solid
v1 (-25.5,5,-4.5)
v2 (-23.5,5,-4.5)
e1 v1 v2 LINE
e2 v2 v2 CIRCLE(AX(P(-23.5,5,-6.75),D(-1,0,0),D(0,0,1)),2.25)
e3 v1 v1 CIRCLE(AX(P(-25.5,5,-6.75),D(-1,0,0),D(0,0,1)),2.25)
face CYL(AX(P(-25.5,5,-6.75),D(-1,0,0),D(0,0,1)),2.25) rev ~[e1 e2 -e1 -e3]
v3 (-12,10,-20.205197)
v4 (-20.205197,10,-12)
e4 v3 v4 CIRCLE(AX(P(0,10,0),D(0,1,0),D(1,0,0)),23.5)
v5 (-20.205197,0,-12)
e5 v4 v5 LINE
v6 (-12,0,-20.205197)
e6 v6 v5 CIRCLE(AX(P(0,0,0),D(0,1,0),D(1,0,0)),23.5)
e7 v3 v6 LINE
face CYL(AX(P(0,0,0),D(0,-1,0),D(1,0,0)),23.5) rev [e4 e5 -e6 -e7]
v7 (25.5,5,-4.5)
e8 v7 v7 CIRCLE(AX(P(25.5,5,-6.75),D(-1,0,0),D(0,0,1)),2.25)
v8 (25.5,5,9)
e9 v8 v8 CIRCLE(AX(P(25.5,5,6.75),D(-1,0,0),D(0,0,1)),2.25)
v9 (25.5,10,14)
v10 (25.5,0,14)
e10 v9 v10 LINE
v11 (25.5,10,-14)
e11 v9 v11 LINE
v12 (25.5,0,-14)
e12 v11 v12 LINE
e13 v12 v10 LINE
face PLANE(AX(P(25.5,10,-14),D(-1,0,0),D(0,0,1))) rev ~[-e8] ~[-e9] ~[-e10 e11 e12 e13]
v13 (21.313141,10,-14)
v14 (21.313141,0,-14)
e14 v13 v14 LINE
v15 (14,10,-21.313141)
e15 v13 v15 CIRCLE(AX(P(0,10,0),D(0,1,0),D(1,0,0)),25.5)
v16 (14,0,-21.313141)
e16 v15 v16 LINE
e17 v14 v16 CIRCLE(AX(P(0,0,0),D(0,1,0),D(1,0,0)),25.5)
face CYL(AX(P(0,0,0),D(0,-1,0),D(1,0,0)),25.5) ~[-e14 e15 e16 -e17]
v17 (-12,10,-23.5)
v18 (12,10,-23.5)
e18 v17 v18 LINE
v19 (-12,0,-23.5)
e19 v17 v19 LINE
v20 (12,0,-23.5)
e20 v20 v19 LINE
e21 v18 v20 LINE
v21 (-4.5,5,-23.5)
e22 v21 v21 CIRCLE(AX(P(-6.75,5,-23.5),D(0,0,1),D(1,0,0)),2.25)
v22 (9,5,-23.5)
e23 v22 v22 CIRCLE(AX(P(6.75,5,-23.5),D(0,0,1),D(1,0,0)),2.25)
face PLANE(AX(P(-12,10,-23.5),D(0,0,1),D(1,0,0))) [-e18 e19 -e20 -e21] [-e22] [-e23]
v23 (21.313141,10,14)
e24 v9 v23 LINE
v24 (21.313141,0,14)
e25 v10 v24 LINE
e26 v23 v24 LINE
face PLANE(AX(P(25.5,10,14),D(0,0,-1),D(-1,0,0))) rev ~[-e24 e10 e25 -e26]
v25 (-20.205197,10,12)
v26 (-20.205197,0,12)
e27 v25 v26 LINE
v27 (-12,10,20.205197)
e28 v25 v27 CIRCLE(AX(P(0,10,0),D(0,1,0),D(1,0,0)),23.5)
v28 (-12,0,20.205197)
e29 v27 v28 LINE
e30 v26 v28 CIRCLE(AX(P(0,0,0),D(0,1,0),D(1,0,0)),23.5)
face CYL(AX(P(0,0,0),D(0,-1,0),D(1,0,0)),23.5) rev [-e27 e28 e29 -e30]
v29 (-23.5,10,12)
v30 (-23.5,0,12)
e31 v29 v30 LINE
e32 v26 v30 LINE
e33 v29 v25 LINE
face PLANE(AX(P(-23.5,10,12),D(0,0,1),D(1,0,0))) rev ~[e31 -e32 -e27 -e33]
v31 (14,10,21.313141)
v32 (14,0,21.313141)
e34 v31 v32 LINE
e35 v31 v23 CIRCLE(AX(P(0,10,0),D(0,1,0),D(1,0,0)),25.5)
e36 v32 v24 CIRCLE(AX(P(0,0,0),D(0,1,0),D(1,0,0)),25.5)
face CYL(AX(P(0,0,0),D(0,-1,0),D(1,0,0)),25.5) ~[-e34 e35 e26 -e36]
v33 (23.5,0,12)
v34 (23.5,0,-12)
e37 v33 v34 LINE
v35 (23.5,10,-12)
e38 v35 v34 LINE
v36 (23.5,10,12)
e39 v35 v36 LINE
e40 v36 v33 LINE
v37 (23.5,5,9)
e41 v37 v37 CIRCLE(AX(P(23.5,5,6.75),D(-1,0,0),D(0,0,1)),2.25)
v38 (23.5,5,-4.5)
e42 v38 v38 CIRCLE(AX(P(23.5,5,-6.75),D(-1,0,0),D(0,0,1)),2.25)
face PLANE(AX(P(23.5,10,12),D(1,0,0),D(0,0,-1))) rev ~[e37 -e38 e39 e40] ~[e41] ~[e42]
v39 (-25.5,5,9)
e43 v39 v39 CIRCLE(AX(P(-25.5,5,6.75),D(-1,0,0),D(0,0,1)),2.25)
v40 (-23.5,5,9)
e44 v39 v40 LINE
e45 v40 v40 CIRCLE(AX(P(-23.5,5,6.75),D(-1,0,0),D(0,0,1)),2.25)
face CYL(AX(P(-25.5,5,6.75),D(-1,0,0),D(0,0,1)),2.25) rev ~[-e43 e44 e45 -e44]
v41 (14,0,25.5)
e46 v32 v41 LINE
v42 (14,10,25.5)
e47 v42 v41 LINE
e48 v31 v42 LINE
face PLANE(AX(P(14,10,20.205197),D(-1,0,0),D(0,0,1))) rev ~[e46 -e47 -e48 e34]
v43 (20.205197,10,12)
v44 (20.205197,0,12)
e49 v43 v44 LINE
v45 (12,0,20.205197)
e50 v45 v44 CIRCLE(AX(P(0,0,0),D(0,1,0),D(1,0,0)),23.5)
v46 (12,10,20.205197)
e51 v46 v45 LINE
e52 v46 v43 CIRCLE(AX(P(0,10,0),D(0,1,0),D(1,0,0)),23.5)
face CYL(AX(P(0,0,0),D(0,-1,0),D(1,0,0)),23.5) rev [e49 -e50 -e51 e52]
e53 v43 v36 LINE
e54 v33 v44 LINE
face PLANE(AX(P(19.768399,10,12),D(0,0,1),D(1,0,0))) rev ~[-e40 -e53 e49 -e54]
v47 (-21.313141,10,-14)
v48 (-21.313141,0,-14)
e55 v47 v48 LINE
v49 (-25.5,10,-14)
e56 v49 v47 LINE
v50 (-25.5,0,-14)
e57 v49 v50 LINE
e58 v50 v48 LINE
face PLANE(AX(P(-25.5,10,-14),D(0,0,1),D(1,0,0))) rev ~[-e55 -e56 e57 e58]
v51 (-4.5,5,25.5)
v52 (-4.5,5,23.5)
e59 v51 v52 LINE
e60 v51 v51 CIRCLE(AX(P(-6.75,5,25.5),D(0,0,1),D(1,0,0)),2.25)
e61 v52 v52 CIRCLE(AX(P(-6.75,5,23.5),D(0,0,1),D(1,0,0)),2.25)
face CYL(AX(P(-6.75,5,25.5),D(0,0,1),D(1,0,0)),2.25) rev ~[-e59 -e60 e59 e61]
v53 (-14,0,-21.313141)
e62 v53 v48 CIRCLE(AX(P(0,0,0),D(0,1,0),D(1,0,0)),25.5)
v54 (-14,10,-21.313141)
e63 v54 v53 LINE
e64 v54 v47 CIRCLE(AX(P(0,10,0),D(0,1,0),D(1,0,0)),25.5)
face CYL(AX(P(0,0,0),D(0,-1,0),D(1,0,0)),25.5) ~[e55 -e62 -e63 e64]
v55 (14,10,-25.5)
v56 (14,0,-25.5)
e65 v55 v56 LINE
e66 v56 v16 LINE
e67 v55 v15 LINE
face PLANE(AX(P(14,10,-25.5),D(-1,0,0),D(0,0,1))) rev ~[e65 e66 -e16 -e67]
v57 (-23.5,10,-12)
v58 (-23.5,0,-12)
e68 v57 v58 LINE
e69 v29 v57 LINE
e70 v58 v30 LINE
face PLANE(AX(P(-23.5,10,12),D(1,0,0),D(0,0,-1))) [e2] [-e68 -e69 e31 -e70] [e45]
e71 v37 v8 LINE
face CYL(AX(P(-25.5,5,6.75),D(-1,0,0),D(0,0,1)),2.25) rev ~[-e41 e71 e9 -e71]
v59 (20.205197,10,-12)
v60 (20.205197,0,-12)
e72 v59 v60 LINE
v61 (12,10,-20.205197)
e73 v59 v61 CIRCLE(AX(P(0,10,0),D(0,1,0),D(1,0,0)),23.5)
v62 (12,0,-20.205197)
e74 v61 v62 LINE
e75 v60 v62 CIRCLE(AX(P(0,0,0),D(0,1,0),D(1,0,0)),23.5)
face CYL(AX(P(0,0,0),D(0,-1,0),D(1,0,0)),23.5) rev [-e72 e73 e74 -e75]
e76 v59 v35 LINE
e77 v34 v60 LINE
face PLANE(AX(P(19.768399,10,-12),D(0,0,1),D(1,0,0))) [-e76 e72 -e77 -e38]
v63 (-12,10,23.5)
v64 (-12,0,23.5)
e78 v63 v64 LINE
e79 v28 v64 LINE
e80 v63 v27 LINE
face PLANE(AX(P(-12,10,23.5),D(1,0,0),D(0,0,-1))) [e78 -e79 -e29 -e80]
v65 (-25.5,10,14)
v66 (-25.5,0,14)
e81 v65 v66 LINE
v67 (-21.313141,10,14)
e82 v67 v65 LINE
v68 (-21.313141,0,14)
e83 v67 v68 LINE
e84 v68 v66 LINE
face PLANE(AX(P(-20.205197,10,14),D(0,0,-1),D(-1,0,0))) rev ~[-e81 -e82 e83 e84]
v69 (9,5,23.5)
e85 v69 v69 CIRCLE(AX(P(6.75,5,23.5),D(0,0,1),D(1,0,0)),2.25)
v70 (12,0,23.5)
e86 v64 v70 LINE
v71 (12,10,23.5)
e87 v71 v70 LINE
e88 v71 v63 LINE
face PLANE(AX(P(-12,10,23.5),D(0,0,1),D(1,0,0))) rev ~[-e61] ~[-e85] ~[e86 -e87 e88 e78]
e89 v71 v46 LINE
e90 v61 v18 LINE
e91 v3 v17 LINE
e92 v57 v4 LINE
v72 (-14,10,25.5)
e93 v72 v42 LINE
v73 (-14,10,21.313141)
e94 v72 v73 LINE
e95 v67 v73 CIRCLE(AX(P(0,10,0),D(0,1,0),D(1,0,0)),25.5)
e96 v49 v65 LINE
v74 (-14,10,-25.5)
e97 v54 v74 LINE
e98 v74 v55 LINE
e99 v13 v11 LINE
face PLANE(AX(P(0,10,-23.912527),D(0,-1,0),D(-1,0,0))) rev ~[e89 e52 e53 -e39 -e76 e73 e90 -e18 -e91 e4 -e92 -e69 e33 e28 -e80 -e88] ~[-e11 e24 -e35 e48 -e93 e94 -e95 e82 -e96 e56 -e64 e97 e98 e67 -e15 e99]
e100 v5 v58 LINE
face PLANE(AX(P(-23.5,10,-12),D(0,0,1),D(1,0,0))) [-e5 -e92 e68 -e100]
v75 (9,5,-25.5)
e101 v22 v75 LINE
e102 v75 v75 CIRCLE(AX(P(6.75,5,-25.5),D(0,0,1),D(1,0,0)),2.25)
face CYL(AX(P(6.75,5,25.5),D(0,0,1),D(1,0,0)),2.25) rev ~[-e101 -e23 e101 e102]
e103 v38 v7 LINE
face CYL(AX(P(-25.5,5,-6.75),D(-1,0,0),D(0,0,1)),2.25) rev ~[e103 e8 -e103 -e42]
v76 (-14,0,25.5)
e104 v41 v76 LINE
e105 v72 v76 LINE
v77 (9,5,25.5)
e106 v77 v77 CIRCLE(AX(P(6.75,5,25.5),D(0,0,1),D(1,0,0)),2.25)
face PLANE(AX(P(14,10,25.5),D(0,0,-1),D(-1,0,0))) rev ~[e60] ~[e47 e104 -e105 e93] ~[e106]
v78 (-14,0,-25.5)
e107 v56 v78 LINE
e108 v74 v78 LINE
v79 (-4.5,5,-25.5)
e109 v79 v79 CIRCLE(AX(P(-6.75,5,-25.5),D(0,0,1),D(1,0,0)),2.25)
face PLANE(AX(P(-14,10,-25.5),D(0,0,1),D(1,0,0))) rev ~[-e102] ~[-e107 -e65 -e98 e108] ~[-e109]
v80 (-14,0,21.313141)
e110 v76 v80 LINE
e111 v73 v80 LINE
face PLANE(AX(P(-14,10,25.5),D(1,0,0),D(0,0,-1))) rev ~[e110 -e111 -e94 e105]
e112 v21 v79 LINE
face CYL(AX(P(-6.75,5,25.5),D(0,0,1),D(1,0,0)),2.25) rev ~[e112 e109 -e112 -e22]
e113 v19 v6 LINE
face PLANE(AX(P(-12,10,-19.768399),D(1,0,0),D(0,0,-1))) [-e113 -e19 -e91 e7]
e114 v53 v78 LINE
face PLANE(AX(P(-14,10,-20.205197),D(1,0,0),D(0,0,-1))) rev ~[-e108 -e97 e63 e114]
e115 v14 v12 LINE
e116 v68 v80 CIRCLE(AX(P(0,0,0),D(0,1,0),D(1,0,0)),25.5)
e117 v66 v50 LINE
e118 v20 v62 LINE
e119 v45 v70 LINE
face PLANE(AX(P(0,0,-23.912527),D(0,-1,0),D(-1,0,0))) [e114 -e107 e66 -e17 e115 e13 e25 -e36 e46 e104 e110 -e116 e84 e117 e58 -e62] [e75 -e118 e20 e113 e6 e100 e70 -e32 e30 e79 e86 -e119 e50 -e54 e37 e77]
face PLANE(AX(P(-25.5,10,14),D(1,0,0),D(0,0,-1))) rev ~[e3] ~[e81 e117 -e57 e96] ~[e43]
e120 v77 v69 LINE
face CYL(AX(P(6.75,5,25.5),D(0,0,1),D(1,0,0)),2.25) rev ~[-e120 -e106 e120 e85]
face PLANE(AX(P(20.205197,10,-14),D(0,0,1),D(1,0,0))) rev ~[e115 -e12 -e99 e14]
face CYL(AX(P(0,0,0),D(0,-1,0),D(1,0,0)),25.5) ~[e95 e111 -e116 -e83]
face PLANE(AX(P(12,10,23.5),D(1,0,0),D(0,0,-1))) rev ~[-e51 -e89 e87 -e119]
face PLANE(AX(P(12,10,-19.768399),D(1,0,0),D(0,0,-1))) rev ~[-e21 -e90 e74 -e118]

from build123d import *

# Parameters (mm, degrees)
SKETCH_1_R          = 25.5
SKETCH_1_R_2        = 23.5
EXTRUDE_1_DEPTH     = 10
EXTRUDE_2_DEPTH     = 10
SKETCH_3_R          = 2.25
CUT_EXTRUDE_1_DEPTH = 52
SKETCH_4_R          = 2.25
CUT_EXTRUDE_2_DEPTH = 52
SKETCH_7_W          = 24
SKETCH_7_H          = 3.731601122
SKETCH_7_W_2        = 3.731601122
SKETCH_7_H_2        = 24
CUT_EXTRUDE_4_DEPTH = 11.0000001


with BuildPart() as part:
    # 草图1 → 凸台-拉伸1 (new body)
    with BuildSketch(Plane(origin=(0, 0, 0), x_dir=(1, 0, 0), z_dir=(0, 1, 0))):
        Circle(SKETCH_1_R)
        Circle(SKETCH_1_R_2, mode=Mode.SUBTRACT)
    extrude(amount=EXTRUDE_1_DEPTH)

    # 草图2 → 凸台-拉伸2 (add)
    with BuildSketch(Plane(origin=(0, 10, 0), x_dir=(1, 0, 0), z_dir=(0, 1, 0))):
        with BuildLine():
            Line((-14, 25.5), (14, 25.5))
            Line((14, 25.5), (14, 20.205197351))
            ThreePointArc((14, 20.205197351), (0, 24.581497107), (-14, 20.205197351))
            Line((-14, 20.205197351), (-14, 25.5))
        make_face()
        with BuildLine():
            Line((20.205197351, 14), (25.5, 14))
            Line((25.5, 14), (25.5, -14))
            Line((25.5, -14), (20.205197351, -14))
            ThreePointArc((20.205197351, -14), (24.581497107, 0), (20.205197351, 14))
        make_face()
        with BuildLine():
            Line((14, -20.205197351), (14, -25.5))
            Line((14, -25.5), (-14, -25.5))
            Line((-14, -25.5), (-14, -20.205197351))
            ThreePointArc((-14, -20.205197351), (0, -24.581497107), (14, -20.205197351))
        make_face()
        with BuildLine():
            Line((-20.205197351, -14), (-25.5, -14))
            Line((-25.5, -14), (-25.5, 14))
            Line((-25.5, 14), (-20.205197351, 14))
            ThreePointArc((-20.205197351, 14), (-24.581497107, 0), (-20.205197351, -14))
        make_face()
    extrude(amount=-EXTRUDE_2_DEPTH)

    # 草图3 → 切除-拉伸1 (cut, through all)
    with BuildSketch(Plane.XY.offset(25.5)):
        with Locations((-6.75, 5)):
            Circle(SKETCH_3_R)
        with Locations((6.75, 5)):
            Circle(SKETCH_3_R)
    extrude(amount=-CUT_EXTRUDE_1_DEPTH, mode=Mode.SUBTRACT)

    # 草图4 → 切除-拉伸2 (cut, through all)
    with BuildSketch(Plane.ZY.offset(25.5)):
        with Locations((-6.75, 5)):
            Circle(SKETCH_4_R)
        with Locations((6.75, 5)):
            Circle(SKETCH_4_R)
    extrude(amount=-CUT_EXTRUDE_2_DEPTH, mode=Mode.SUBTRACT)

    # 草图7 → 切除-拉伸4 (cut, through all)
    with BuildSketch(Plane(origin=(0, 10, 0), x_dir=(1, 0, 0), z_dir=(0, 1, 0))):
        with Locations((0, 21.634199439)):
            Rectangle(SKETCH_7_W, SKETCH_7_H)
        with Locations((21.634199439, 0)):
            Rectangle(SKETCH_7_W_2, SKETCH_7_H_2)
        with Locations((0, -21.634199439)):
            Rectangle(SKETCH_7_W, SKETCH_7_H)
        with Locations((-21.634199439, 0)):
            Rectangle(SKETCH_7_W_2, SKETCH_7_H_2)
    extrude(amount=-CUT_EXTRUDE_4_DEPTH, mode=Mode.SUBTRACT)


solid = part.part
